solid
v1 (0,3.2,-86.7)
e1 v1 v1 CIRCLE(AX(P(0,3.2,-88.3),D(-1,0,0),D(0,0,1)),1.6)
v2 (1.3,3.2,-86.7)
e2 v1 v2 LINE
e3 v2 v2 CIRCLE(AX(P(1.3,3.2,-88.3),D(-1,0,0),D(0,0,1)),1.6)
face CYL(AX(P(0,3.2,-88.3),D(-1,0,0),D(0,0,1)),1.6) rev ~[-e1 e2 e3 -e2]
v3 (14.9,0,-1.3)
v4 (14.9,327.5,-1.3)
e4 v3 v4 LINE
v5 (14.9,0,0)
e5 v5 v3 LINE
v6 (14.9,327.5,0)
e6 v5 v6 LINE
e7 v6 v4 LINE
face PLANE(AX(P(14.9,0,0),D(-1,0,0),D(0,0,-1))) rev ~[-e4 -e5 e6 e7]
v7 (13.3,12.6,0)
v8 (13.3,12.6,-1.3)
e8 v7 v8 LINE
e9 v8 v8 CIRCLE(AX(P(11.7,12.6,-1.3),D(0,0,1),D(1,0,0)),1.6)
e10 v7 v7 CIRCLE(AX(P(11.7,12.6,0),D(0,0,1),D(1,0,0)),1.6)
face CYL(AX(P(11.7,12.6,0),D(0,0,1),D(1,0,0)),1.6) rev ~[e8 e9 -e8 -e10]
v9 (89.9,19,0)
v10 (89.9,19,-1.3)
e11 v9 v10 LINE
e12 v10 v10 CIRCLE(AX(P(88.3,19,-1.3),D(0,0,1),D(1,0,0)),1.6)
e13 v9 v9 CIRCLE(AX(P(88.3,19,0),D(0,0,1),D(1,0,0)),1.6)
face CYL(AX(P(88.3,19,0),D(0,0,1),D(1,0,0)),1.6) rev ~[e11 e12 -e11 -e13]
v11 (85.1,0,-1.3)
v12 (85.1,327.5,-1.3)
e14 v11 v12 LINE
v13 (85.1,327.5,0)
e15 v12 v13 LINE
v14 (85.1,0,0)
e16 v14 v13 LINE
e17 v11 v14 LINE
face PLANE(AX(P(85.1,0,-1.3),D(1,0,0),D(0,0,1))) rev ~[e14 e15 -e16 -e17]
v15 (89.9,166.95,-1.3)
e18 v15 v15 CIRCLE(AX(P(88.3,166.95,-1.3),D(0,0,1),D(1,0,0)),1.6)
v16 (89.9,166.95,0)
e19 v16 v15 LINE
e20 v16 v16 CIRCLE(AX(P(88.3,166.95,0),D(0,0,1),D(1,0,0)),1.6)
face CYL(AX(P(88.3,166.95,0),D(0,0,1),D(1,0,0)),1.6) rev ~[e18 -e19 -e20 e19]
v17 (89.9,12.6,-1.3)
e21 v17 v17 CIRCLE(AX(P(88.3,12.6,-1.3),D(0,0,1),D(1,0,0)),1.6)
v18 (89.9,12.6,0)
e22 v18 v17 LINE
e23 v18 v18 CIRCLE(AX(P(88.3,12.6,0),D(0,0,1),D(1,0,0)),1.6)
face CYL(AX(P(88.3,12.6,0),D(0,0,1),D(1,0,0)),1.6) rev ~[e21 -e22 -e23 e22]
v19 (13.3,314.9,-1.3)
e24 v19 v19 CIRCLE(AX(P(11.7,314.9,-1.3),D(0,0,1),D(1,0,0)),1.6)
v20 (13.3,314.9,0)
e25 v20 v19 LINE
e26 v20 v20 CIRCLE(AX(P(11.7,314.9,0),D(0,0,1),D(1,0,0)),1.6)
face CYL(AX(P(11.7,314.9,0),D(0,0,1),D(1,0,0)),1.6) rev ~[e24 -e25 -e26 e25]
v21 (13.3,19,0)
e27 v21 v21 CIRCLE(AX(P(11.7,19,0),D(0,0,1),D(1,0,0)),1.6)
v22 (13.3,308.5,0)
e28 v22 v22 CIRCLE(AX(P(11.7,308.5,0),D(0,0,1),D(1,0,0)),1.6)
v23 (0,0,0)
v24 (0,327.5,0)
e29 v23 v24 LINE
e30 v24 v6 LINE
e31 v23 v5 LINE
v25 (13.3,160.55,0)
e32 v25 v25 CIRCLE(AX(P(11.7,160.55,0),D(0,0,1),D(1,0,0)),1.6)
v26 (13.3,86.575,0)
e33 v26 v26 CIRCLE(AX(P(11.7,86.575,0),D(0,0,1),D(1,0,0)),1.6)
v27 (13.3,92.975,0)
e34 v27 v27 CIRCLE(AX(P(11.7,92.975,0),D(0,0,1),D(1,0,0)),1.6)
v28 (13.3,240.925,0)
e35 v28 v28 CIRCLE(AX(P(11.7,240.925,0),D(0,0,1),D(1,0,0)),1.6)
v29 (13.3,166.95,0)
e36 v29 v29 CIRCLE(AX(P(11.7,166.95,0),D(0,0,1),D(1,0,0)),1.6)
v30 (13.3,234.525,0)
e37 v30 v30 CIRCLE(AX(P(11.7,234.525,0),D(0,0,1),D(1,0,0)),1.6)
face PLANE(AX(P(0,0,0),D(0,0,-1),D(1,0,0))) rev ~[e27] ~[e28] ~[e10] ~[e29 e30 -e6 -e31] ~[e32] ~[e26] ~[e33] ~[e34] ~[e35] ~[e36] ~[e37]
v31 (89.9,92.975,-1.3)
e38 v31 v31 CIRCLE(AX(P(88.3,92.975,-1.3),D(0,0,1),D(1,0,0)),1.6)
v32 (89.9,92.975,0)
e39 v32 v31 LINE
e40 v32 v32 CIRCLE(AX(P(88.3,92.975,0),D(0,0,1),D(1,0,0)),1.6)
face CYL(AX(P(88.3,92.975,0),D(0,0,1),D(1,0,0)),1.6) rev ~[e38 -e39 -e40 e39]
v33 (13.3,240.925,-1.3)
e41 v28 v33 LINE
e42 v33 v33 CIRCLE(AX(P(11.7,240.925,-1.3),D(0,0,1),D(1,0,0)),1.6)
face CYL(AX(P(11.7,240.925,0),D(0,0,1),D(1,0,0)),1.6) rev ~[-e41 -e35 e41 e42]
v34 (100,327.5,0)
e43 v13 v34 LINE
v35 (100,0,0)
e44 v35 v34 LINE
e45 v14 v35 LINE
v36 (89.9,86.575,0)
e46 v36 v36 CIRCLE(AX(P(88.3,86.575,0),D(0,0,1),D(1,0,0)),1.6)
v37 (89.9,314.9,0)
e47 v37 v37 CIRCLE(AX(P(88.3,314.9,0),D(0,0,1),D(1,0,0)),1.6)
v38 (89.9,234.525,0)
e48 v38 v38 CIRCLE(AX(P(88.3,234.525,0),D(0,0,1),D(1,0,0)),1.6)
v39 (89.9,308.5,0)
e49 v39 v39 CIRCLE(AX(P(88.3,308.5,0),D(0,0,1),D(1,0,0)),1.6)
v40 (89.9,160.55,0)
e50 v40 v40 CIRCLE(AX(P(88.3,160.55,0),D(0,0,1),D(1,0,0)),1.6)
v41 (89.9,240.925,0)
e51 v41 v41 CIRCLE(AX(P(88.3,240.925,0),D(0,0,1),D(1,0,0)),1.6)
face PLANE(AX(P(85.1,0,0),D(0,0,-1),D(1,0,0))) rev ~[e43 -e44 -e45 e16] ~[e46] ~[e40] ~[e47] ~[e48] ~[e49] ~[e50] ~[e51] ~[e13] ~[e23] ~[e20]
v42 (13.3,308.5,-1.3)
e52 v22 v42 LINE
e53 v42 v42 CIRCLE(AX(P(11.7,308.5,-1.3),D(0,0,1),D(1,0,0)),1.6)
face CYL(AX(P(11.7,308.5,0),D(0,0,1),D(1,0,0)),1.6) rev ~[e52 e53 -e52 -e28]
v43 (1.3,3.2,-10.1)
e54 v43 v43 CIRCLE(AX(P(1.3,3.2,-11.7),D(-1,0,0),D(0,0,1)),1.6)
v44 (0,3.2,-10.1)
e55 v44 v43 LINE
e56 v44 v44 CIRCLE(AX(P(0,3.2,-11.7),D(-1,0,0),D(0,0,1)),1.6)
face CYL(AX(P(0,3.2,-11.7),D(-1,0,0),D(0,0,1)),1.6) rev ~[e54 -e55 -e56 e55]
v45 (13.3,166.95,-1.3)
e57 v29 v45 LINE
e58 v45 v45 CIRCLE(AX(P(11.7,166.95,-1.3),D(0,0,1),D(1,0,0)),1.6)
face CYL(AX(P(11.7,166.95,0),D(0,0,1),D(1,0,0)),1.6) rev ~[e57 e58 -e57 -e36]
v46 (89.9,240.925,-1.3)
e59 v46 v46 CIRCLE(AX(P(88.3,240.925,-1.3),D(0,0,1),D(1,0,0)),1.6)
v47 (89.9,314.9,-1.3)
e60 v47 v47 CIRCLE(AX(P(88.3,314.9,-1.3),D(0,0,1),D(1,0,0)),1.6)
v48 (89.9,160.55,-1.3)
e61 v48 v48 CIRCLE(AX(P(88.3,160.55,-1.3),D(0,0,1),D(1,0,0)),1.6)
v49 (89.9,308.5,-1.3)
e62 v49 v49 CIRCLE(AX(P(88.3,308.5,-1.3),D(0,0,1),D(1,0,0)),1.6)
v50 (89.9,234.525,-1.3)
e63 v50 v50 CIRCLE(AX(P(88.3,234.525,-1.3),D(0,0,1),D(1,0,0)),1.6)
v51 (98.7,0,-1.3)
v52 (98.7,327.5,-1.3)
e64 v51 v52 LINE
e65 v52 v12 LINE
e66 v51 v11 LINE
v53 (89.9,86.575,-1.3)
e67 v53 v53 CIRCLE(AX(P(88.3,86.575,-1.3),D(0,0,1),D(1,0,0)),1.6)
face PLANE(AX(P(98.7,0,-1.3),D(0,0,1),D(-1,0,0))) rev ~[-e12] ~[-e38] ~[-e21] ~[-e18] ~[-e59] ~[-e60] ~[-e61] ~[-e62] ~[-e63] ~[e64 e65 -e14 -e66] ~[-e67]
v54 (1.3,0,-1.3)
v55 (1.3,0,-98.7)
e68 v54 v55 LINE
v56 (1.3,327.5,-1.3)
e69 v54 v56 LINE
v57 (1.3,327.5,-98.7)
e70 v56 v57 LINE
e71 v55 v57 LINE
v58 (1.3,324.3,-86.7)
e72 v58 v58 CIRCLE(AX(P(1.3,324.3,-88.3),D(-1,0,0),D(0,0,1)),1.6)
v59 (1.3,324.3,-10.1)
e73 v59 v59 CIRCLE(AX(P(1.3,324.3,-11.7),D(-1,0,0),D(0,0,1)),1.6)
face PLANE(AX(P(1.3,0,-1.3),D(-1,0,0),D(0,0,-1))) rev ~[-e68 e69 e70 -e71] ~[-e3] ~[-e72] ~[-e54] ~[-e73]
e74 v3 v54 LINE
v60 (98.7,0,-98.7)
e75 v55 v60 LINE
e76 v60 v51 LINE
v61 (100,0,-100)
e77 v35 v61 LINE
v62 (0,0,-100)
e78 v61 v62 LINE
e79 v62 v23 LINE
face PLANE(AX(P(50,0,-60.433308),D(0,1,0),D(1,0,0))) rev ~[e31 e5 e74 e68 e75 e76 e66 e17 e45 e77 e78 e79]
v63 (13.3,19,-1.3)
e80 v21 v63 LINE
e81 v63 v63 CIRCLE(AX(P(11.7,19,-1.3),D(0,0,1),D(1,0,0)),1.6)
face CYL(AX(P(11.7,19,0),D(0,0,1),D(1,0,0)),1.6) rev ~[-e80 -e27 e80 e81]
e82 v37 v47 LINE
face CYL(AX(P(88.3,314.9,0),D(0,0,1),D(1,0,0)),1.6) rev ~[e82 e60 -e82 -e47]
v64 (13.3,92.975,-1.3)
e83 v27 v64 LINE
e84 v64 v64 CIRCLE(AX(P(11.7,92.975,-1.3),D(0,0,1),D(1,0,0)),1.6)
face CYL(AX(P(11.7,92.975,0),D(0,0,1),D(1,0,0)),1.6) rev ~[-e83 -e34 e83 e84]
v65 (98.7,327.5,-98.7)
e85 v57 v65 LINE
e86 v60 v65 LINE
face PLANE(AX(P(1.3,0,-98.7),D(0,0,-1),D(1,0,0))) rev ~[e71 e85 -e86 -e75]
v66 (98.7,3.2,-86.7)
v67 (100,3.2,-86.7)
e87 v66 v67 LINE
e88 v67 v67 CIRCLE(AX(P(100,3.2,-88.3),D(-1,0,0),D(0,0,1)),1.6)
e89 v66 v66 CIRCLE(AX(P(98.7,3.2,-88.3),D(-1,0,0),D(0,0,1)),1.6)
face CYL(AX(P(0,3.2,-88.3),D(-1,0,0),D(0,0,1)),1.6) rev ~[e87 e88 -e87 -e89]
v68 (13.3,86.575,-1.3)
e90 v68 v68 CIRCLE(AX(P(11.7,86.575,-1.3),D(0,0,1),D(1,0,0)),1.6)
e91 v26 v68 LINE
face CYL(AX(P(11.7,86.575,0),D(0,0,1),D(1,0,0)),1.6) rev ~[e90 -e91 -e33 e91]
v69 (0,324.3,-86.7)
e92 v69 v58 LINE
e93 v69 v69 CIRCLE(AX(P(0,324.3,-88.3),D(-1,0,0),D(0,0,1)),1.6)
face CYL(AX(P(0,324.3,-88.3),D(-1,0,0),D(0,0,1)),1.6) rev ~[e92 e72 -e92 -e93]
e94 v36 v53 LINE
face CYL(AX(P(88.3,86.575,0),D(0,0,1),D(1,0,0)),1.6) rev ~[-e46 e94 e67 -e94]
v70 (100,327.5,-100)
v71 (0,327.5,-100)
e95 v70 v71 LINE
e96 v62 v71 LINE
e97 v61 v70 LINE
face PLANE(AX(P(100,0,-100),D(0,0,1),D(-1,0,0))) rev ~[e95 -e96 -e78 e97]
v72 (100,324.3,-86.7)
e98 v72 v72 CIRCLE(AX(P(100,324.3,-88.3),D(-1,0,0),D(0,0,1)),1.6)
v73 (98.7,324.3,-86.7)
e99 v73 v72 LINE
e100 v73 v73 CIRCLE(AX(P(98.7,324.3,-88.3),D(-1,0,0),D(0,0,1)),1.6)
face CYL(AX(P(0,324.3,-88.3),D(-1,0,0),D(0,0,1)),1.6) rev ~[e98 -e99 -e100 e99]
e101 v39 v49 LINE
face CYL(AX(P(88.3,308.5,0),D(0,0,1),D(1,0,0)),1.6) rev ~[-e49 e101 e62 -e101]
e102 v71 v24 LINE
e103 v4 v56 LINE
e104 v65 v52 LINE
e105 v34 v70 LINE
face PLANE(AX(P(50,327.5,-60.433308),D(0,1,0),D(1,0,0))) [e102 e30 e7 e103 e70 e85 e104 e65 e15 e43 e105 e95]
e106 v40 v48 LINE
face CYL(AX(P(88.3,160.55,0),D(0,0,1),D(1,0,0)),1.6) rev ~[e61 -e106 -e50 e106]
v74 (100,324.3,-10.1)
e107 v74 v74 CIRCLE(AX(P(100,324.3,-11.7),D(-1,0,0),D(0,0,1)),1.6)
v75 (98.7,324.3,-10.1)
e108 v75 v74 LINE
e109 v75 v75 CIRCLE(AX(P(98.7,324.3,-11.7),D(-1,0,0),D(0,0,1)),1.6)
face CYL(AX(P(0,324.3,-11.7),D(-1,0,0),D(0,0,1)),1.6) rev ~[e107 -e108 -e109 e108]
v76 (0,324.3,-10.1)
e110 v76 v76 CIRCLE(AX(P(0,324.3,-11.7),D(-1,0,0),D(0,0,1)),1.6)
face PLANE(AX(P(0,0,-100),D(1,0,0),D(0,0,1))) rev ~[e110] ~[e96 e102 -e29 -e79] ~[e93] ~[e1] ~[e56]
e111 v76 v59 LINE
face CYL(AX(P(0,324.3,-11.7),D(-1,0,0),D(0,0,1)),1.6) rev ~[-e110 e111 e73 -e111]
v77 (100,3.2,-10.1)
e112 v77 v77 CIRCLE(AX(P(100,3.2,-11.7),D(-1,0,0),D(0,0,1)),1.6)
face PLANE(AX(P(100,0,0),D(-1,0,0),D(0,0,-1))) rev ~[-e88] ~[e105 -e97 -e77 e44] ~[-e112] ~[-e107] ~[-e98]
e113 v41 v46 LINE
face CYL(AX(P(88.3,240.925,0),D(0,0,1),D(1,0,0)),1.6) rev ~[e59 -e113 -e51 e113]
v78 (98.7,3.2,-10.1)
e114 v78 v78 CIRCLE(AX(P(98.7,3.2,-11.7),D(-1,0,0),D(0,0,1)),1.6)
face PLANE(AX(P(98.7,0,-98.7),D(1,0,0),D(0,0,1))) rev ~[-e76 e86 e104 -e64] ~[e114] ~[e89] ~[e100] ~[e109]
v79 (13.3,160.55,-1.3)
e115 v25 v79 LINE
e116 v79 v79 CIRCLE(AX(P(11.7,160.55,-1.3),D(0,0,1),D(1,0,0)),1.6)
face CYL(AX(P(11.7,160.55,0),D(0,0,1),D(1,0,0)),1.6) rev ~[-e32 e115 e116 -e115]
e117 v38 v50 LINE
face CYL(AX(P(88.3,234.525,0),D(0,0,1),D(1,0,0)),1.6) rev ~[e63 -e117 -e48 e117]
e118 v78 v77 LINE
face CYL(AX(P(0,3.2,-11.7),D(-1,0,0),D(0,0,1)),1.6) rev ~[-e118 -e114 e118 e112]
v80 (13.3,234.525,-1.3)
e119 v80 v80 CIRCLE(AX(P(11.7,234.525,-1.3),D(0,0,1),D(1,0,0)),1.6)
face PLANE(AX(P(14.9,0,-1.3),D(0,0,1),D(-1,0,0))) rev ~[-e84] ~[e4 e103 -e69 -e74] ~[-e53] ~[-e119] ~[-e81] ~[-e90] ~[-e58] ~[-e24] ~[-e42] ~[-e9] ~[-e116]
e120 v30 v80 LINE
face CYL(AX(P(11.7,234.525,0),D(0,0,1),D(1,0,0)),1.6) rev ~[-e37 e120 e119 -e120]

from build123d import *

# Parameters (mm, degrees)
BOSS_EXTRUDE1_DEPTH = 327.5
SKETCH2_R           = 1.6
CUT_EXTRUDE1_DEPTH  = 1.3
SKETCH4_R           = 1.6
CUT_EXTRUDE2_DEPTH  = 100


with BuildPart() as part:
    # Sketch1 → Boss-Extrude1 (new body)
    with BuildSketch(Plane(origin=(0, 0, 0), x_dir=(1, 0, 0), z_dir=(0, 1, 0))):
        Polygon((0, 0), (14.9, 0), (14.9, 1.3), (1.3, 1.3), (1.3, 98.7), (98.7, 98.7), (98.7, 1.3), (85.1, 1.3), (85.1, 0), (100, 0), (100, 100), (0, 100), align=None)
    extrude(amount=BOSS_EXTRUDE1_DEPTH)

    # Sketch2 → Cut-Extrude1 (cut)
    with BuildSketch(Plane.XY):
        with Locations((11.7, 314.9)):
            Circle(SKETCH2_R)
        with Locations((11.7, 308.5)):
            Circle(SKETCH2_R)
        with Locations((11.7, 240.925)):
            Circle(SKETCH2_R)
        with Locations((11.7, 234.525)):
            Circle(SKETCH2_R)
        with Locations((11.7, 166.95)):
            Circle(SKETCH2_R)
        with Locations((11.7, 160.55)):
            Circle(SKETCH2_R)
        with Locations((11.7, 92.975)):
            Circle(SKETCH2_R)
        with Locations((11.7, 86.575)):
            Circle(SKETCH2_R)
        with Locations((11.7, 19)):
            Circle(SKETCH2_R)
        with Locations((11.7, 12.6)):
            Circle(SKETCH2_R)
        with Locations((88.3, 314.9)):
            Circle(SKETCH2_R)
        with Locations((88.3, 308.5)):
            Circle(SKETCH2_R)
        with Locations((88.3, 240.925)):
            Circle(SKETCH2_R)
        with Locations((88.3, 234.525)):
            Circle(SKETCH2_R)
        with Locations((88.3, 166.95)):
            Circle(SKETCH2_R)
        with Locations((88.3, 160.55)):
            Circle(SKETCH2_R)
        with Locations((88.3, 19)):
            Circle(SKETCH2_R)
        with Locations((88.3, 12.6)):
            Circle(SKETCH2_R)
        with Locations((88.3, 86.575)):
            Circle(SKETCH2_R)
        with Locations((88.3, 92.975)):
            Circle(SKETCH2_R)
    extrude(amount=-CUT_EXTRUDE1_DEPTH, mode=Mode.SUBTRACT)

    # Sketch4 → Cut-Extrude2 (cut)
    with BuildSketch(Plane.ZY):
        with Locations((-88.3, 324.3)):
            Circle(SKETCH4_R)
        with Locations((-11.7, 324.3)):
            Circle(SKETCH4_R)
        with Locations((-88.3, 3.2)):
            Circle(SKETCH4_R)
        with Locations((-11.7, 3.2)):
            Circle(SKETCH4_R)
    extrude(amount=-CUT_EXTRUDE2_DEPTH, mode=Mode.SUBTRACT)


solid = part.part
